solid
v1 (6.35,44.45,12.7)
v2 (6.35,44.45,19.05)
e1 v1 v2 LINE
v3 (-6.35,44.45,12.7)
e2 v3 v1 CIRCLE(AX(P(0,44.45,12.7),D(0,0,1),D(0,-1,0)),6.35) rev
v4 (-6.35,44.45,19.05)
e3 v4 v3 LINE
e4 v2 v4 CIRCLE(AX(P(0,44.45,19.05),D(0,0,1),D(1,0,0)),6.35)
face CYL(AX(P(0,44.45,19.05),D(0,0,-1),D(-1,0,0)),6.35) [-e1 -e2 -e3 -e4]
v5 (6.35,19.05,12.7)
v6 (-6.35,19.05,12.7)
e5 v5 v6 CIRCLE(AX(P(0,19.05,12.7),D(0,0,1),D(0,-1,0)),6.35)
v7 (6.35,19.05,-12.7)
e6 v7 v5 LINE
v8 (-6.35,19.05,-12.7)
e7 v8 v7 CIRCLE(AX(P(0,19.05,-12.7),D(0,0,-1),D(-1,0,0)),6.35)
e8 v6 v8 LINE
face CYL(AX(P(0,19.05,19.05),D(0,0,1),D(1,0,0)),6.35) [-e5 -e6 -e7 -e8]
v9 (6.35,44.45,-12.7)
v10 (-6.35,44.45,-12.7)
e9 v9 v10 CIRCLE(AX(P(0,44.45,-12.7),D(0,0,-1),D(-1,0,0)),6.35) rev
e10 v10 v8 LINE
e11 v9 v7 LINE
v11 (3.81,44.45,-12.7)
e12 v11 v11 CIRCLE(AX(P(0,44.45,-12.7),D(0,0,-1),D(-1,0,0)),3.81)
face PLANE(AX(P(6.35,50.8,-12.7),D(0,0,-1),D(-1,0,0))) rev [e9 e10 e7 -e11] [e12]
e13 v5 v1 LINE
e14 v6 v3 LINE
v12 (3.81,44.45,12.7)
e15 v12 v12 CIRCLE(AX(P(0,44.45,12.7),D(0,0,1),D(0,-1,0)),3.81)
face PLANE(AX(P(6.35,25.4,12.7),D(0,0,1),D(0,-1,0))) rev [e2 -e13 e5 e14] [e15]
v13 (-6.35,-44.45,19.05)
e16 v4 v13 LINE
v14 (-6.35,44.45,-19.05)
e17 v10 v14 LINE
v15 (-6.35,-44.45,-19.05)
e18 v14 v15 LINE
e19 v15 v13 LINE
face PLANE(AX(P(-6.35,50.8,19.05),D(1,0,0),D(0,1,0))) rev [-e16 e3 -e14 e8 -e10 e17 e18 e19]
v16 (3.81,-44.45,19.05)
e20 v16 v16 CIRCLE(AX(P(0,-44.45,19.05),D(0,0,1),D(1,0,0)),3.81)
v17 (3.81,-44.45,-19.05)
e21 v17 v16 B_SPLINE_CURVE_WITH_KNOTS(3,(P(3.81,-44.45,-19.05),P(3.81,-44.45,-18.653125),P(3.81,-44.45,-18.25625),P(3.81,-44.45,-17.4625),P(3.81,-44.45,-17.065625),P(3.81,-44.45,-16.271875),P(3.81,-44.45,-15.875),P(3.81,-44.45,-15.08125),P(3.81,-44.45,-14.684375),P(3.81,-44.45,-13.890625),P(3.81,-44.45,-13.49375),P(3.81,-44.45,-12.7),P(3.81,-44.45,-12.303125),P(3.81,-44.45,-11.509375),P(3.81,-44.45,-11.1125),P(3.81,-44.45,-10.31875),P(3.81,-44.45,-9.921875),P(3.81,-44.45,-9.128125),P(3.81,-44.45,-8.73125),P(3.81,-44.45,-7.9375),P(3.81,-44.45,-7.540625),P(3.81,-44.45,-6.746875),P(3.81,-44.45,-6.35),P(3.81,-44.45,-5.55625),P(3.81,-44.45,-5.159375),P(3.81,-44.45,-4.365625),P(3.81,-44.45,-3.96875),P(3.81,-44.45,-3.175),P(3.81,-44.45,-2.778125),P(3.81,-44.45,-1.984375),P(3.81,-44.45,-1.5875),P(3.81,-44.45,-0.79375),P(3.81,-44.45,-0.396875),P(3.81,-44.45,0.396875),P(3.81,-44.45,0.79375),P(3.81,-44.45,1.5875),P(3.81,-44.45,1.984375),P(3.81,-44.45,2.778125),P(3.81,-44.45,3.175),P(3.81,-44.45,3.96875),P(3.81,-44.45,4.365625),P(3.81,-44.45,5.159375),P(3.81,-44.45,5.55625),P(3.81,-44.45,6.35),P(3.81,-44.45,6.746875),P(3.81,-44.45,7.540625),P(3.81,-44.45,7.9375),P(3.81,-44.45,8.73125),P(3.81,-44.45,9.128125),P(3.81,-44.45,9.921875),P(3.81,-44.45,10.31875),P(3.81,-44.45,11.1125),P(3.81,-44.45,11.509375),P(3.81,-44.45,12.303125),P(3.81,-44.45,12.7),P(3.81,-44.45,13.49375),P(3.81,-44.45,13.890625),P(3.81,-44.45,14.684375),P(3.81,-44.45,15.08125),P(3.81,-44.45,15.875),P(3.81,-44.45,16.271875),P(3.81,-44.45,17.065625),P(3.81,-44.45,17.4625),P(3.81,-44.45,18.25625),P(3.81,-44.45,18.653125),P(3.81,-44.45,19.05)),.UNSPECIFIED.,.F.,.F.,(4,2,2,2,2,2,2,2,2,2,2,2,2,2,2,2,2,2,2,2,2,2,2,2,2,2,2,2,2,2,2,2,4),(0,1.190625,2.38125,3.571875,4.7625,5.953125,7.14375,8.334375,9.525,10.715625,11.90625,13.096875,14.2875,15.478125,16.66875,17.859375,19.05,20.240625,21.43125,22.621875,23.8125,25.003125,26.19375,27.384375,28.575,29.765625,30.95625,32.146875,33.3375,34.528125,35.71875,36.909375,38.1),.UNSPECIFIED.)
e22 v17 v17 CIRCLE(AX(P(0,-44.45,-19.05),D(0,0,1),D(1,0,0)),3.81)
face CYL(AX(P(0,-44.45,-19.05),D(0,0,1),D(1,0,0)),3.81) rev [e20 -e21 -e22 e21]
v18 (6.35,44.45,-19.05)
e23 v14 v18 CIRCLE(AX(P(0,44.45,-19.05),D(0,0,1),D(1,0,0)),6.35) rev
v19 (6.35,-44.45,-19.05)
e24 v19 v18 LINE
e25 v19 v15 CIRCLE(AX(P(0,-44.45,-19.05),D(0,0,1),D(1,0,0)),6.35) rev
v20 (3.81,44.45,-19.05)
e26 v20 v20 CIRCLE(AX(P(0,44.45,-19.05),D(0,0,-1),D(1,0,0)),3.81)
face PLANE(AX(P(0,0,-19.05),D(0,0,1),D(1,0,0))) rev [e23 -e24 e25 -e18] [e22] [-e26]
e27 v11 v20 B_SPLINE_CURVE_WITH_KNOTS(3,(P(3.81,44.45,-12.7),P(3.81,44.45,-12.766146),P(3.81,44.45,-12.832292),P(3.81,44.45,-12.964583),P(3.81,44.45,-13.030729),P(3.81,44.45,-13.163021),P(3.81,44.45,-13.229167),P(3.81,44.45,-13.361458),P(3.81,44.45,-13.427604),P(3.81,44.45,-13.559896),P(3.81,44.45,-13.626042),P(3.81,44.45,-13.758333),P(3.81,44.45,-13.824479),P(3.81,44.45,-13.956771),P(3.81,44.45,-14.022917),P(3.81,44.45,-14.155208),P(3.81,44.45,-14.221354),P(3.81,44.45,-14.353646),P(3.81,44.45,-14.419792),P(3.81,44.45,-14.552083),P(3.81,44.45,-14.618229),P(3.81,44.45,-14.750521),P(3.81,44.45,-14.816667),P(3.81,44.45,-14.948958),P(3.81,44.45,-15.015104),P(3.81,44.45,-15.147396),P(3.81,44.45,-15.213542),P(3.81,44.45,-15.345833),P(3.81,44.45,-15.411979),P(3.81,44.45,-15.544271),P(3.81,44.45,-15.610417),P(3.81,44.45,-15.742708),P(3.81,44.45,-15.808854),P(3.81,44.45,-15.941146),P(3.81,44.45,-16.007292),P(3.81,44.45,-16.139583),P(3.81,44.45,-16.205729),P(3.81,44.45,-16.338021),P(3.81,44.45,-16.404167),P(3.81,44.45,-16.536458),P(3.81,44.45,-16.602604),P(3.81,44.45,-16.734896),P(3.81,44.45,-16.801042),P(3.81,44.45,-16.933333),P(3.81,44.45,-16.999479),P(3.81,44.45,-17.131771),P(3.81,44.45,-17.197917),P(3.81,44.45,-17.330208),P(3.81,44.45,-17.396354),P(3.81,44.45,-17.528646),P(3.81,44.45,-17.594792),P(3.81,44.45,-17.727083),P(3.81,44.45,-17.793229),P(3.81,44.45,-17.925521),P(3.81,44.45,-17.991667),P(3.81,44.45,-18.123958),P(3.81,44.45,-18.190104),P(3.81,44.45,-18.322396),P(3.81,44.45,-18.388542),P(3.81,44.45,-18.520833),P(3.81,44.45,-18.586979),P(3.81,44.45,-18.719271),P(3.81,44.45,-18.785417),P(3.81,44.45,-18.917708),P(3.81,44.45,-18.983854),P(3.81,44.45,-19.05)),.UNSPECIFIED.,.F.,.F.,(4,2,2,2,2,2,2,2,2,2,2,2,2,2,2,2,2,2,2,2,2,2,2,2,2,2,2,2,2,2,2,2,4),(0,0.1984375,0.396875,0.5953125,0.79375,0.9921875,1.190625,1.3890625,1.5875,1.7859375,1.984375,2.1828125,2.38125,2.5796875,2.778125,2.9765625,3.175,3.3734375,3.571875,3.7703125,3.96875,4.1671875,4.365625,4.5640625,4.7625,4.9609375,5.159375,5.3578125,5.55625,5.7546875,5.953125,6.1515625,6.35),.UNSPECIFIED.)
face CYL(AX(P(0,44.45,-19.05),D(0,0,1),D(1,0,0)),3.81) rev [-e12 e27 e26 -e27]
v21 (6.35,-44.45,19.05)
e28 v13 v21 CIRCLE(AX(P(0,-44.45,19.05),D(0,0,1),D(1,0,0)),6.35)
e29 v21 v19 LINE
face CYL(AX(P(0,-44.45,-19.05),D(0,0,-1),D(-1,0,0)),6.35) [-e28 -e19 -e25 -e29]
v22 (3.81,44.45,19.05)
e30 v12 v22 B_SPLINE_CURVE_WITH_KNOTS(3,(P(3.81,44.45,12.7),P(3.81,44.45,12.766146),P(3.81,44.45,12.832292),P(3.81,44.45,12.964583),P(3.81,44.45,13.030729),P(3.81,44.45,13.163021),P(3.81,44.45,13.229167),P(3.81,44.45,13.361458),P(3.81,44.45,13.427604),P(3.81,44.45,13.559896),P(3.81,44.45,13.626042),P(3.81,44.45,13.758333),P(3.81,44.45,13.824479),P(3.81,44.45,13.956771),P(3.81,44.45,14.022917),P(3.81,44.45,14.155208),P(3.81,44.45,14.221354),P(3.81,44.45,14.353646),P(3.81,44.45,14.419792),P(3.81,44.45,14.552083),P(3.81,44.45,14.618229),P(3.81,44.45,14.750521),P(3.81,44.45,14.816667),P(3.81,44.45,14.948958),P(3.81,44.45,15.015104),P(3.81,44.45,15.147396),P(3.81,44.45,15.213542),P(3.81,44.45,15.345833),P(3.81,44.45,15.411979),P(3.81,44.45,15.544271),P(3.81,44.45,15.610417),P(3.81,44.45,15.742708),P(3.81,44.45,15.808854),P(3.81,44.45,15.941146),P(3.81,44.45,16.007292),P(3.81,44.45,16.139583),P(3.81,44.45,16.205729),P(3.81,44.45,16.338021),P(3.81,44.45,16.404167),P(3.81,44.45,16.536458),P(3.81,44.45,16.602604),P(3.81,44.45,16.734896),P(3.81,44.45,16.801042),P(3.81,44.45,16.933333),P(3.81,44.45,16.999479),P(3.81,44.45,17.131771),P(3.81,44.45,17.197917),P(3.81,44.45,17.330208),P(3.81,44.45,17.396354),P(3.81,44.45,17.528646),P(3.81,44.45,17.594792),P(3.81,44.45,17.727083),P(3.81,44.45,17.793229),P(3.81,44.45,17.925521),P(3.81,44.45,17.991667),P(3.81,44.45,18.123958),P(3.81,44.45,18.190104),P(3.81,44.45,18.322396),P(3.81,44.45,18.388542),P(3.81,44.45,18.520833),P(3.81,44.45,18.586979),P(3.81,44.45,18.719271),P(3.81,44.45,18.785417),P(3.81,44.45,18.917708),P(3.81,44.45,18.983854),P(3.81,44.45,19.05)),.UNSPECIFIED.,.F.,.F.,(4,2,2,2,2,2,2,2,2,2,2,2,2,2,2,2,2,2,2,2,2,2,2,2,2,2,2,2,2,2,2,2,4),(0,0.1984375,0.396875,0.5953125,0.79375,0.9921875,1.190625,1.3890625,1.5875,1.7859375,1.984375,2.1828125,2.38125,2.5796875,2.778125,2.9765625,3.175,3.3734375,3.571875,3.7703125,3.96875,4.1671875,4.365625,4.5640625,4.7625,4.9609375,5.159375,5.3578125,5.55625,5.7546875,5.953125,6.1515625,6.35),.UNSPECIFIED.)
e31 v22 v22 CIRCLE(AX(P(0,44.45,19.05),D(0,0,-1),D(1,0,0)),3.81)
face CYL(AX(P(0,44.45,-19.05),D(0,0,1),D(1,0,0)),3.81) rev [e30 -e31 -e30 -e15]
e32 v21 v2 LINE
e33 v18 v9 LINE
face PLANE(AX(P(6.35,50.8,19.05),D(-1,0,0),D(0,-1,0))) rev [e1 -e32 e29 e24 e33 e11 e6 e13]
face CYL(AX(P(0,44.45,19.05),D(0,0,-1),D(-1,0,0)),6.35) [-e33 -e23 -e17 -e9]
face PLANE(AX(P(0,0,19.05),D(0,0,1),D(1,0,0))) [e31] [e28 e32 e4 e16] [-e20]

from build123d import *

# Parameters (mm, degrees)
SKETCH1_W           = 12.7
SKETCH1_H           = 101.6
BOSS_EXTRUDE1_DEPTH = 19.05
FILLET2_RADIUS      = 6.35
FILLET2_LENGTH      = 38.1
SKETCH2_R           = 3.81
CUT_EXTRUDE1_DEPTH  = 38.1
FILLET3_RADIUS      = 6.35
FILLET3_LENGTH      = 38.1
SKETCH3_W           = 25.4
SKETCH3_H           = 25.4
CUT_EXTRUDE2_DEPTH  = 56.72102386
FILLET4_RADIUS      = 6.35
FILLET4_LENGTH      = 25.4


with BuildPart() as part:
    # Sketch1 → Boss-Extrude1 (new, symmetric)
    with BuildSketch(Plane.XY):
        Rectangle(SKETCH1_W, SKETCH1_H)
    extrude(amount=BOSS_EXTRUDE1_DEPTH, both=True)

    # Fillet2: full round fillet: the end face becomes a half cylinder, R = half its width
    fillet2_face = Plane((0, -50.8, 0), x_dir=(0, 0, 1), z_dir=(0, -1, 0))  # on the end face: x along it, z out of the body
    fillet2_slab = fillet2_face.offset(-FILLET2_RADIUS / 2) * Box(FILLET2_LENGTH, 2 * FILLET2_RADIUS, FILLET2_RADIUS, mode=Mode.PRIVATE)  # the body's end, R deep
    fillet2_round = Plane((0, -44.45, 0), x_dir=(0, -1, 0), z_dir=(0, 0, 1)) * Cylinder(FILLET2_RADIUS, FILLET2_LENGTH, mode=Mode.PRIVATE)  # its axis R under the face
    add(fillet2_slab - fillet2_round, mode=Mode.SUBTRACT)

    # Sketch2 → Cut-Extrude1 (cut)
    with BuildSketch(Plane.XY.offset(19.05)):
        with Locations((0, -44.45)):
            Circle(SKETCH2_R)
    cut_extrude1 = extrude(amount=-CUT_EXTRUDE1_DEPTH, mode=Mode.SUBTRACT)

    # Mirror3: Cut-Extrude1 across plane
    add(cut_extrude1.mirror(Plane.ZX), mode=Mode.SUBTRACT)

    # Fillet3: full round fillet: the end face becomes a half cylinder, R = half its width
    fillet3_face = Plane((0, 50.8, 0), x_dir=(0, 0, 1), z_dir=(0, 1, 0))  # on the end face: x along it, z out of the body
    fillet3_slab = fillet3_face.offset(-FILLET3_RADIUS / 2) * Box(FILLET3_LENGTH, 2 * FILLET3_RADIUS, FILLET3_RADIUS, mode=Mode.PRIVATE)  # the body's end, R deep
    fillet3_round = Plane((0, 44.45, 0), x_dir=(0, 1, 0), z_dir=(0, 0, 1)) * Cylinder(FILLET3_RADIUS, FILLET3_LENGTH, mode=Mode.PRIVATE)  # its axis R under the face
    add(fillet3_slab - fillet3_round, mode=Mode.SUBTRACT)

    # Sketch3 → Cut-Extrude2 (cut, through all)
    with BuildSketch(Plane.ZY.offset(6.35)):
        with Locations((0, 38.1)):
            Rectangle(SKETCH3_W, SKETCH3_H)
    extrude(amount=-CUT_EXTRUDE2_DEPTH, mode=Mode.SUBTRACT)

    # Fillet4: full round fillet: the end face becomes a half cylinder, R = half its width
    fillet4_face = Plane((0, 25.4, 0), x_dir=(0, 0, -1), z_dir=(0, 1, 0))  # on the end face: x along it, z out of the body
    fillet4_slab = fillet4_face.offset(-FILLET4_RADIUS / 2) * Box(FILLET4_LENGTH, 2 * FILLET4_RADIUS, FILLET4_RADIUS, mode=Mode.PRIVATE)  # the body's end, R deep
    fillet4_round = Plane((0, 19.05, 0), x_dir=(0, 1, 0), z_dir=(0, 0, -1)) * Cylinder(FILLET4_RADIUS, FILLET4_LENGTH, mode=Mode.PRIVATE)  # its axis R under the face
    add(fillet4_slab - fillet4_round, mode=Mode.SUBTRACT)


solid = part.part
